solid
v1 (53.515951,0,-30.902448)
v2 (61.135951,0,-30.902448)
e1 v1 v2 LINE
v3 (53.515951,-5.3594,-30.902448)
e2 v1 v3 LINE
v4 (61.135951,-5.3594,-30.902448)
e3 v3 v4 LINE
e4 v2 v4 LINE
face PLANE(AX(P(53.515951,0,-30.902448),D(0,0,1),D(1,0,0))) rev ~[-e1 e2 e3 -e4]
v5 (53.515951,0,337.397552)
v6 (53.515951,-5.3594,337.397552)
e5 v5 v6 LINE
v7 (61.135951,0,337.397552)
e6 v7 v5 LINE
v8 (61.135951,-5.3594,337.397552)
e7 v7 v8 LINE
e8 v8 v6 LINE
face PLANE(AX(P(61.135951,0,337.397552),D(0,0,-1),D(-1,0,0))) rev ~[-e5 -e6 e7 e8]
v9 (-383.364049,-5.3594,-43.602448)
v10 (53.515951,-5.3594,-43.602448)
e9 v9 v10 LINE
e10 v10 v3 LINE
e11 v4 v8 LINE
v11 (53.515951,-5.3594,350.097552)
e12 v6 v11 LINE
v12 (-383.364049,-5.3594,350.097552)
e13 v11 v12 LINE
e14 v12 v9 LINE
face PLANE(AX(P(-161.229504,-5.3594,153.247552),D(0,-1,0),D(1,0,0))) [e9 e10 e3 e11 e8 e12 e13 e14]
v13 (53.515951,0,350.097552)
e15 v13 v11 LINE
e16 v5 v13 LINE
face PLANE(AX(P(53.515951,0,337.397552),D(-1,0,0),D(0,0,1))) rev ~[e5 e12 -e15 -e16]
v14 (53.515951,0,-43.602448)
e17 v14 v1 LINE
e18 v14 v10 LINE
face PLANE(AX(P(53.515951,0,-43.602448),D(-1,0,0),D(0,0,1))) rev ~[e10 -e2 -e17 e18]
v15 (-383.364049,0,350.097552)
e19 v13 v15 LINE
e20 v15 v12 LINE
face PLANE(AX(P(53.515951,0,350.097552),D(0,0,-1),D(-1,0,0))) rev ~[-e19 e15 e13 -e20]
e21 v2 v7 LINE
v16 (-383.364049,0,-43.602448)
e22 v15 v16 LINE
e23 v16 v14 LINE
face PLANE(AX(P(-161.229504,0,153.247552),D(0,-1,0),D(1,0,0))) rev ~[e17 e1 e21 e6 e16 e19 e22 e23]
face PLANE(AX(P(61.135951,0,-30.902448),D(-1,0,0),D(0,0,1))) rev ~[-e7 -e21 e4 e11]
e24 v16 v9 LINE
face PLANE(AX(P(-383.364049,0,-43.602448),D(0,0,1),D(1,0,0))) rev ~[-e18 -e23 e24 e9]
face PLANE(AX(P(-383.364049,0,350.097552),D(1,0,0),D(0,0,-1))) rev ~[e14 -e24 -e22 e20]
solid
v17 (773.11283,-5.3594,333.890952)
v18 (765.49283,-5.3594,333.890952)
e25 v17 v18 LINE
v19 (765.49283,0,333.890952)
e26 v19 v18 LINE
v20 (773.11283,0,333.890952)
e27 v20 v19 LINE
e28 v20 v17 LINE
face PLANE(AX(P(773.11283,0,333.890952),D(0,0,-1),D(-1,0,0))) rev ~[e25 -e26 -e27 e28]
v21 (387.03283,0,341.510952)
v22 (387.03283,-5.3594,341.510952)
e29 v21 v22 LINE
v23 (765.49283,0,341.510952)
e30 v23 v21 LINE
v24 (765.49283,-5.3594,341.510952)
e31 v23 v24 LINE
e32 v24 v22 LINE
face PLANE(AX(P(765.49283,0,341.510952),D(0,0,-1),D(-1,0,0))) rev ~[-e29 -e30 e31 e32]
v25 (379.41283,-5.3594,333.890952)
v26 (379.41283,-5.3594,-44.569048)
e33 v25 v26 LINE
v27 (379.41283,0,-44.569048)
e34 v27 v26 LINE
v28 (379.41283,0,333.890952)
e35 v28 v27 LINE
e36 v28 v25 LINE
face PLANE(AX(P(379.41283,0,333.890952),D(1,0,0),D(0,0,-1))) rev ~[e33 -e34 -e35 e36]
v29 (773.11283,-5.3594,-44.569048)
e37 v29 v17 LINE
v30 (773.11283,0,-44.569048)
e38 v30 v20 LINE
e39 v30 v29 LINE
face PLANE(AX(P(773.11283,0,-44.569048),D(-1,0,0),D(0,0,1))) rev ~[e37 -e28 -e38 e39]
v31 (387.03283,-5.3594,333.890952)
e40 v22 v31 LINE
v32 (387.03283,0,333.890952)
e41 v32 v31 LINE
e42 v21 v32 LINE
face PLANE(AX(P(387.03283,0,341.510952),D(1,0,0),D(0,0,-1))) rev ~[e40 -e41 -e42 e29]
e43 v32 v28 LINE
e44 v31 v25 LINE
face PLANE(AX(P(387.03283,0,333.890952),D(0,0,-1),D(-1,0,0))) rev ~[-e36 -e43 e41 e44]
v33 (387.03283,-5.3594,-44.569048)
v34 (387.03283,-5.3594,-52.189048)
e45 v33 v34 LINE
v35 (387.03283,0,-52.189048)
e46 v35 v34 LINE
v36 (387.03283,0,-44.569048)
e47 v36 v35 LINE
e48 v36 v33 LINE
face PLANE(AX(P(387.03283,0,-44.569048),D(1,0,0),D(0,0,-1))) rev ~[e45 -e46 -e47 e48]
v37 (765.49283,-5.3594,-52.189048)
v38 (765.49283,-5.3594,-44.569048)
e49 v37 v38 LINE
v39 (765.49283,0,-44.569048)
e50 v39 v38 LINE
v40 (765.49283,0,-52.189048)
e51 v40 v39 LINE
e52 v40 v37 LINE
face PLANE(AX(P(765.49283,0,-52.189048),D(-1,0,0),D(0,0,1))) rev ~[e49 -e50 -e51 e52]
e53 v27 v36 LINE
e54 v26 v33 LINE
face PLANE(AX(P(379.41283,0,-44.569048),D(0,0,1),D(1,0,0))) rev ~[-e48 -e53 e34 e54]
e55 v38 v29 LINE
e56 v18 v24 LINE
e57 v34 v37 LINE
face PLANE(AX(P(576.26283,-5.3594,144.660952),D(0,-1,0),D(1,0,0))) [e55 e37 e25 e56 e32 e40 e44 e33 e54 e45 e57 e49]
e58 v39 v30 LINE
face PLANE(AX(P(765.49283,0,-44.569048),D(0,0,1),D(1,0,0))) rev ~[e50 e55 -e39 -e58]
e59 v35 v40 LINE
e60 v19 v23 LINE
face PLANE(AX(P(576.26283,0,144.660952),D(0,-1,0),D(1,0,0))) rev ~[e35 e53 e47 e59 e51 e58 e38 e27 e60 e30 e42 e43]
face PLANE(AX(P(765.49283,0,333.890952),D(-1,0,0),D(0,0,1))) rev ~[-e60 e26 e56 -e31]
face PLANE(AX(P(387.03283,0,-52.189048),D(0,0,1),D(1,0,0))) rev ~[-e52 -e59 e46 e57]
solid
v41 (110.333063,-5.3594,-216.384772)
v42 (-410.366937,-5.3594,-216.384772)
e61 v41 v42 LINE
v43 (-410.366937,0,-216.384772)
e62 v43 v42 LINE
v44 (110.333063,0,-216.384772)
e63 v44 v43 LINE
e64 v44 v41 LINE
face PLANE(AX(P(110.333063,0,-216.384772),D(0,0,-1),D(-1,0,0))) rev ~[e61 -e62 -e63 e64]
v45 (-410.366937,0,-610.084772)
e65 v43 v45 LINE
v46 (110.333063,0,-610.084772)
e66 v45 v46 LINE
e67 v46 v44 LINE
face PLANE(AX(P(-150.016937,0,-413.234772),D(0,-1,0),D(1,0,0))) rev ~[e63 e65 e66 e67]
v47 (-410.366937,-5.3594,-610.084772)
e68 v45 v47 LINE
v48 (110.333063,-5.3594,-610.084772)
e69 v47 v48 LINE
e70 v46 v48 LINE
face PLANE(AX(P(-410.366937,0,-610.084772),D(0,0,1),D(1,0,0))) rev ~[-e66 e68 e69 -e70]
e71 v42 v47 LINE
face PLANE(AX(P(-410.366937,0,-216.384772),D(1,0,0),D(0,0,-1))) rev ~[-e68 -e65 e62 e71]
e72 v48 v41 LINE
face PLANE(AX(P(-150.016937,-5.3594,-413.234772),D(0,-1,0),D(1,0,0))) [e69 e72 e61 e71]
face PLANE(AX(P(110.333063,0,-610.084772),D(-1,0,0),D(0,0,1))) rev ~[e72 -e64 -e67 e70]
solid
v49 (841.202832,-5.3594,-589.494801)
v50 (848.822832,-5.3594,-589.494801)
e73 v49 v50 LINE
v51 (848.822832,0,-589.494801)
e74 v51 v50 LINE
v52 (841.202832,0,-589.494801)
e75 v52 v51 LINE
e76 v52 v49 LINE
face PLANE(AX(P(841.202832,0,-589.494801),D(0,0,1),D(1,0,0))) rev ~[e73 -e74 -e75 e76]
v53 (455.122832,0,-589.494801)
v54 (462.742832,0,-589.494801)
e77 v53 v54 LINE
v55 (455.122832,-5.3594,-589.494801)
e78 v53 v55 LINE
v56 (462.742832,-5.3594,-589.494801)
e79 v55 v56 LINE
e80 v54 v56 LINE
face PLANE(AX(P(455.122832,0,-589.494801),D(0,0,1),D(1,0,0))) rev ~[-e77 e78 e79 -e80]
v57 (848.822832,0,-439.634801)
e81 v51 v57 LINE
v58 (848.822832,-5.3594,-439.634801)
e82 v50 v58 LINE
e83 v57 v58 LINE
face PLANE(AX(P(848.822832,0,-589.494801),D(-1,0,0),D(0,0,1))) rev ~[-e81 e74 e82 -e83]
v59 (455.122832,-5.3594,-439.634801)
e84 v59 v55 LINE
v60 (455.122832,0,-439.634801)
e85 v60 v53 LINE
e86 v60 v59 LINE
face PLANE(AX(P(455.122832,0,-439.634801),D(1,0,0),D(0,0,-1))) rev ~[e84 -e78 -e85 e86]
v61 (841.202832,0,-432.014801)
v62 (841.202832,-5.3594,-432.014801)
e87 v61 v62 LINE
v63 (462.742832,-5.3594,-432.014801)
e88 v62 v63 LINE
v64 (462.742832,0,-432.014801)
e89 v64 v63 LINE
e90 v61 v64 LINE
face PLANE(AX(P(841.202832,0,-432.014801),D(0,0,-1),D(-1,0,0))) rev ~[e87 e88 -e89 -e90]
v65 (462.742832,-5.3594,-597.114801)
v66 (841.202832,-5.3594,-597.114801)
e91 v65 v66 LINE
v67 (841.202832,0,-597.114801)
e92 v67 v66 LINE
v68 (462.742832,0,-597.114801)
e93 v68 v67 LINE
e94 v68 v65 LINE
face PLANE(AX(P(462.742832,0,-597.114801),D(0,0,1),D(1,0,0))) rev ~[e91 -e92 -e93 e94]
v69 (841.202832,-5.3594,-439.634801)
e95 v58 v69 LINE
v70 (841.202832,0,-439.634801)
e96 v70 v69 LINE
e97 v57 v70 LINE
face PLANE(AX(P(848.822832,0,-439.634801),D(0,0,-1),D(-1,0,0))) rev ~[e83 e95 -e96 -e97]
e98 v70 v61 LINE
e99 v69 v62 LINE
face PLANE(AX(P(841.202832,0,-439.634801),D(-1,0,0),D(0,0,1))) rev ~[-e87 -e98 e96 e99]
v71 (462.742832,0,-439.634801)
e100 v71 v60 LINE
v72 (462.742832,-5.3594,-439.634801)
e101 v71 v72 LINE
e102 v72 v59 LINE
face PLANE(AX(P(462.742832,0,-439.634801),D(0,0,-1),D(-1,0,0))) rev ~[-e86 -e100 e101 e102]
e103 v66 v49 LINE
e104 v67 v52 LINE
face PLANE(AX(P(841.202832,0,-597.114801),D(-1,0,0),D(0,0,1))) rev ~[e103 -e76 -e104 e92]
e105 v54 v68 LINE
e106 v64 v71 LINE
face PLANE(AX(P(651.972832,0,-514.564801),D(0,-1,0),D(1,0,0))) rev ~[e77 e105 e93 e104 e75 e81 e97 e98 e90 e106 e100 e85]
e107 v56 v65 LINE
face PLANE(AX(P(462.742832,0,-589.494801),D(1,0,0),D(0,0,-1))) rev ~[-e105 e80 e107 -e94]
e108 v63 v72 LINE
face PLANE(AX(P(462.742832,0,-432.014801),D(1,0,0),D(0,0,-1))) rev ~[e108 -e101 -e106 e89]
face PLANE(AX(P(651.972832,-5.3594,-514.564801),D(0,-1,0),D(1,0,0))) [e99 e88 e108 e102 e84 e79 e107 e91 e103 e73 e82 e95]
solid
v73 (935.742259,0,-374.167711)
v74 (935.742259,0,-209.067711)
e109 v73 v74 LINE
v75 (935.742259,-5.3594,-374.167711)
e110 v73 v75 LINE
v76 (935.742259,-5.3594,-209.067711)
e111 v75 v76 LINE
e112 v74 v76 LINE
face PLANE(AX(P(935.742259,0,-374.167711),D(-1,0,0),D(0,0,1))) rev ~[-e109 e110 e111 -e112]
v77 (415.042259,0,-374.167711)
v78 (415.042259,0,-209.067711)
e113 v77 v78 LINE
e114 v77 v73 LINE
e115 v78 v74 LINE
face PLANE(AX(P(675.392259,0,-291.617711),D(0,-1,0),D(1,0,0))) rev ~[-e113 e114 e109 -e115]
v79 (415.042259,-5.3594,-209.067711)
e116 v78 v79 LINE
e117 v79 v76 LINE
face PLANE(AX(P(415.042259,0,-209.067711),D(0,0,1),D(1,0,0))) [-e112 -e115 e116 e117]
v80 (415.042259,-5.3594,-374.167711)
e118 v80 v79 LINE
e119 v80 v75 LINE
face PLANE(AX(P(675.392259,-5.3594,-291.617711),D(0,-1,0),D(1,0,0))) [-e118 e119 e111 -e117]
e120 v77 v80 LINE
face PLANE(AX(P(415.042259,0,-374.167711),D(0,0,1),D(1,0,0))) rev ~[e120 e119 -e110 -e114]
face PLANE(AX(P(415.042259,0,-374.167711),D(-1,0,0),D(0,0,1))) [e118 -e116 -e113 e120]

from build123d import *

# Parameters (mm, degrees)
F1_DEPTH = 5.3594
F3_DEPTH = 5.3594
F4_W     = 7.62
F4_H     = 7.62
F5_DEPTH = 5.3594
F7_DEPTH = 5.3594
F8_W     = 520.7
F8_H     = 165.1
F9_DEPTH = 5.3594


with BuildPart() as f1:
    # F0 (on Front) → F1 (new body)
    with BuildSketch(Plane.XZ):
        Polygon((53.515951, 350.097552), (-383.364049, 350.097552), (-383.364049, -43.602448), (53.515951, -43.602448), (53.515951, -30.902448), (61.135951, -30.902448), (61.135951, 337.397552), (53.515951, 337.397552), align=None)
    extrude(amount=F1_DEPTH)


with BuildPart() as f3:
    # F2 (on Front) → F3 (new body)
    with BuildSketch(Plane.XZ):
        Polygon((765.49283, 341.510952), (387.03283, 341.510952), (387.03283, 333.890952), (379.41283, 333.890952), (379.41283, -44.569048), (387.03283, -44.569048), (387.03283, -52.189048), (765.49283, -52.189048), (765.49283, -44.569048), (773.11283, -44.569048), (773.11283, 333.890952), (765.49283, 333.890952), align=None)
    extrude(amount=F3_DEPTH)


with BuildPart() as f5:
    # F4 (on Front) → F5 (new body)
    with BuildSketch(Plane.XZ):
        Polygon((102.713063, -216.384772), (-402.746937, -216.384772), (-402.746937, -224.004772), (-410.366937, -224.004772), (-410.366937, -602.464772), (-402.746937, -602.464772), (-402.746937, -610.084772), (102.713063, -610.084772), (102.713063, -602.464772), (110.333063, -602.464772), (110.333063, -224.004772), (102.713063, -224.004772), align=None)
        with Locations((-406.556937, -220.194772)):
            Rectangle(F4_W, F4_H)
        with Locations((-406.556937, -606.274772)):
            Rectangle(F4_W, F4_H)
        with Locations((106.523063, -606.274772)):
            Rectangle(F4_W, F4_H)
        with Locations((106.523063, -220.194772)):
            Rectangle(F4_W, F4_H)
    extrude(amount=F5_DEPTH)


with BuildPart() as f7:
    # F6 (on Front) → F7 (new body)
    with BuildSketch(Plane.XZ):
        Polygon((841.202832, -432.014801), (462.742832, -432.014801), (462.742832, -439.634801), (455.122832, -439.634801), (455.122832, -589.494801), (462.742832, -589.494801), (462.742832, -597.114801), (841.202832, -597.114801), (841.202832, -589.494801), (848.822832, -589.494801), (848.822832, -439.634801), (841.202832, -439.634801), align=None)
    extrude(amount=F7_DEPTH)


with BuildPart() as f9:
    # F8 (on Front) → F9 (new body)
    with BuildSketch(Plane.XZ):
        with Locations((675.392259, -291.617711)):
            Rectangle(F8_W, F8_H)
    extrude(amount=F9_DEPTH)


solid = Compound([f1.part, f3.part, f5.part, f7.part, f9.part])
